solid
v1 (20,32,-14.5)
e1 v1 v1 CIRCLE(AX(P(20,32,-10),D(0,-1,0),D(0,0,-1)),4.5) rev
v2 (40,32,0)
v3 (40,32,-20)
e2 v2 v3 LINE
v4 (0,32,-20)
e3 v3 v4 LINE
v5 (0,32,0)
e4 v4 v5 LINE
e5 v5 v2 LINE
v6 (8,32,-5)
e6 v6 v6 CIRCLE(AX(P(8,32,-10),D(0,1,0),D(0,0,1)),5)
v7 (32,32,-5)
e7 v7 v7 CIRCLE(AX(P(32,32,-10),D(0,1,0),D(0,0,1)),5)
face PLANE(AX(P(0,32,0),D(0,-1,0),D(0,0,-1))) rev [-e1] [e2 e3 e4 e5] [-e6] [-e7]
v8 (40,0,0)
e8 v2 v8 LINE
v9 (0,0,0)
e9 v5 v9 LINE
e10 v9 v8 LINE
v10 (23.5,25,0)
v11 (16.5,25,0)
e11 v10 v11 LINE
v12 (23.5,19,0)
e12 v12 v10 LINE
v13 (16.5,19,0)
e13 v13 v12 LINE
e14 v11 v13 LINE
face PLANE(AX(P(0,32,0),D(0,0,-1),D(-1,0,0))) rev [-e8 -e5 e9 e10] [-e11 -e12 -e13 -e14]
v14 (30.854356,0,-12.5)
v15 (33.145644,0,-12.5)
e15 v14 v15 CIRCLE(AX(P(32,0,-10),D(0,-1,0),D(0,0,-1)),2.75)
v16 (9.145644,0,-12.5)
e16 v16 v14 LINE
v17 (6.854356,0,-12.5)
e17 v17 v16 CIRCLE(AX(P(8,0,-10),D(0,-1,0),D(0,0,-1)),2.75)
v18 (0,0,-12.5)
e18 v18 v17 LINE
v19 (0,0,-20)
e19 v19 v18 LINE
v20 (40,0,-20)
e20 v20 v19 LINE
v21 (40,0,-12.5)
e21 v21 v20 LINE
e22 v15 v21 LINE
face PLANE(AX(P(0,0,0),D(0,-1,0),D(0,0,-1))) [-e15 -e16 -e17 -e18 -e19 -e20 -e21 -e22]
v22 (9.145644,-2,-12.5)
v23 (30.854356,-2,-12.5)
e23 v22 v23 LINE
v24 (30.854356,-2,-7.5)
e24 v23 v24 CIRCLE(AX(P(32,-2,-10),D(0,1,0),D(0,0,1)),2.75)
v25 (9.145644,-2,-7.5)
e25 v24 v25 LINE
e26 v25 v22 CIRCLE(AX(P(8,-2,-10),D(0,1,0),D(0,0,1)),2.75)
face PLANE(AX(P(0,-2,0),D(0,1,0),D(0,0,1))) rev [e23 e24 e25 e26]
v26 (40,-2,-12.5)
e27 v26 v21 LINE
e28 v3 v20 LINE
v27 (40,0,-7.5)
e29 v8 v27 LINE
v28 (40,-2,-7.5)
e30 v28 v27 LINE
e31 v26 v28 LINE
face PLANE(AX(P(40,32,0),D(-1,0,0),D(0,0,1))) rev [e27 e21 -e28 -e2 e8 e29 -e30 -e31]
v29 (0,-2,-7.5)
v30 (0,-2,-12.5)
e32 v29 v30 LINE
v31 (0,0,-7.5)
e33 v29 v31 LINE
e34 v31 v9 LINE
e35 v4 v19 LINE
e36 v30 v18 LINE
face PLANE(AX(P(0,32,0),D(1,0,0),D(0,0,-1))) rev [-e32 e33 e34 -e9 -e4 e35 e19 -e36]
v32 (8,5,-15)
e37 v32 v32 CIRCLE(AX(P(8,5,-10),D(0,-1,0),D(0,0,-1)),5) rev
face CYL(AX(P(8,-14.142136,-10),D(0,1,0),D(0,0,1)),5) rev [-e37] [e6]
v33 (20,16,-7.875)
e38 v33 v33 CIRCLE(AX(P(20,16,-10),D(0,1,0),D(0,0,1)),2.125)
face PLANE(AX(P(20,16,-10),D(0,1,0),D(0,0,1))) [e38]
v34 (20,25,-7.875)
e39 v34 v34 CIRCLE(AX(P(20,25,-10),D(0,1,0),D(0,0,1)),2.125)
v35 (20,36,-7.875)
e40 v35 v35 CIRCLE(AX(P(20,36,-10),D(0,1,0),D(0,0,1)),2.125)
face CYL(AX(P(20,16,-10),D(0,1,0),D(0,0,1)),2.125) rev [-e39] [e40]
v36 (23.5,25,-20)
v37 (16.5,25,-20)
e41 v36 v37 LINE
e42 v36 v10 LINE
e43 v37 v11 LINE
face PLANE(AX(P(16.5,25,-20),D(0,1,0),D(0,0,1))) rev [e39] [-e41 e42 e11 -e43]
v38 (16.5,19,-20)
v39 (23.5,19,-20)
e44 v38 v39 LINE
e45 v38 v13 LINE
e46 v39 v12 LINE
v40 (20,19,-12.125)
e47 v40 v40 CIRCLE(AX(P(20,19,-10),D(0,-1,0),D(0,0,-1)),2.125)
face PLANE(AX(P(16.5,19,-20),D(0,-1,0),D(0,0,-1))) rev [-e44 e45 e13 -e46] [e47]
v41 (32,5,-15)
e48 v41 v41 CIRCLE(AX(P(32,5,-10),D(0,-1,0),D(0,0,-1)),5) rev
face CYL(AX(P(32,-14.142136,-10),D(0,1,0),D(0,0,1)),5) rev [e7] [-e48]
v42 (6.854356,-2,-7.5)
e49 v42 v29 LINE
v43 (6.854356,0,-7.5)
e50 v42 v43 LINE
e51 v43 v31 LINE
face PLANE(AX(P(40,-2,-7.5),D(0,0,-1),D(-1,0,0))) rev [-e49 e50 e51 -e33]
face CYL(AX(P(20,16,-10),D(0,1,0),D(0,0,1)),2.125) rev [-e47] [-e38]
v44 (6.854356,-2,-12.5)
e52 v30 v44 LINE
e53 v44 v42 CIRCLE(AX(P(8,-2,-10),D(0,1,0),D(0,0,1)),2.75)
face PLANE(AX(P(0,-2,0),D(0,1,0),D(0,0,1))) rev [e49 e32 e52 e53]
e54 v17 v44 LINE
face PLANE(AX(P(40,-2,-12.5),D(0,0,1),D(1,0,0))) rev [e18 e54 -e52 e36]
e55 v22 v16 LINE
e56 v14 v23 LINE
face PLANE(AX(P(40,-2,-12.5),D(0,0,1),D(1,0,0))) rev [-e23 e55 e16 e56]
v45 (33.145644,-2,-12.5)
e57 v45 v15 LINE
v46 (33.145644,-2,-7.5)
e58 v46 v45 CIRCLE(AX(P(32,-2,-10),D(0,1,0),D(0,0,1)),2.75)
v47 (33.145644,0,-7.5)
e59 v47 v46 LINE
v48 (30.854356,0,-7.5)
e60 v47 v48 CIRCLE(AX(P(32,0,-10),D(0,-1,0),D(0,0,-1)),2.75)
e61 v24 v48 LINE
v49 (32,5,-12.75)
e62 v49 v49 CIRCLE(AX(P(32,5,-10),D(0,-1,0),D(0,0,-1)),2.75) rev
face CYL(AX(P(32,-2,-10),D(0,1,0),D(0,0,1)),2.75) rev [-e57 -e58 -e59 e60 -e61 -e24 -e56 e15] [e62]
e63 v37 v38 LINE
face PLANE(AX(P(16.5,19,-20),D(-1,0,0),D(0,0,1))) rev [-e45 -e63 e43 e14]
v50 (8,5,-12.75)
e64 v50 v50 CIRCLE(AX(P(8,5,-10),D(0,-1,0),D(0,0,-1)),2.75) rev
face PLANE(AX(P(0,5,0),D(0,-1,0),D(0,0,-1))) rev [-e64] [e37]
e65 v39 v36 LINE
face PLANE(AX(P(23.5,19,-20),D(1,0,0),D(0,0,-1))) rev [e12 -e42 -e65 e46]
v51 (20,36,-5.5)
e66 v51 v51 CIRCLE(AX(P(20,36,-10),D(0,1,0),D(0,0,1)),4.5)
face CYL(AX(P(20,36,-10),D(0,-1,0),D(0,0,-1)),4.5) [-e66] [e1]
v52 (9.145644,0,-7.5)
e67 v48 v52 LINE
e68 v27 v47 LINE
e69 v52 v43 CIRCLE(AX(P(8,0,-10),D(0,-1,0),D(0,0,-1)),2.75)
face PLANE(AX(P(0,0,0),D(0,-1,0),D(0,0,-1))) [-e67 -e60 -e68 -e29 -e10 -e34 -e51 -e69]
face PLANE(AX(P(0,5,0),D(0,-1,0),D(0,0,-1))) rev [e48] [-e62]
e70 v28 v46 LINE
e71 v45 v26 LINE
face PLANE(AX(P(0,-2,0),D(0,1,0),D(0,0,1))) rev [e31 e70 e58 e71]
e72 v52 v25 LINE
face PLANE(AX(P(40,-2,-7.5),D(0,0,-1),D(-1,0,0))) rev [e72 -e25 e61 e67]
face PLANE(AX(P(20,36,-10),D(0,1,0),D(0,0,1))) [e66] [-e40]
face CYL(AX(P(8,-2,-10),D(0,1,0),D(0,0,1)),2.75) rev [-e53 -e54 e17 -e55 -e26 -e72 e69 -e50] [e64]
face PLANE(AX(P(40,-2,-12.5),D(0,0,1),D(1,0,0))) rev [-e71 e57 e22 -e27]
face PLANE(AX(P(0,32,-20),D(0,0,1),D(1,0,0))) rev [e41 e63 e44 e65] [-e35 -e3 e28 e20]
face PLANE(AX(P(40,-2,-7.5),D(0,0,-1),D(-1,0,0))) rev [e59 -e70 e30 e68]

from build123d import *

# Parameters (mm, degrees)
SKETCH1_W           = 40
SKETCH1_H           = 20
BOSS_EXTRUDE1_DEPTH = 32
SKETCH2_W           = 40
SKETCH2_H           = 5
BOSS_EXTRUDE2_DEPTH = 2
SKETCH3_R           = 2.75
CUT_EXTRUDE1_DEPTH  = 35
SKETCH4_R           = 5
CUT_EXTRUDE2_DEPTH  = 27
SKETCH5_W           = 7
SKETCH5_H           = 6
CUT_EXTRUDE3_DEPTH  = 21
SKETCH6_R           = 4.5
BOSS_EXTRUDE3_DEPTH = 4
SKETCH7_R           = 2.125
CUT_EXTRUDE4_DEPTH  = 20


with BuildPart() as part:
    # Sketch1 → Boss-Extrude1 (new body)
    with BuildSketch(Plane(origin=(0, 0, 0), x_dir=(1, 0, 0), z_dir=(0, 1, 0))):
        with Locations((20, 10)):
            Rectangle(SKETCH1_W, SKETCH1_H)
    extrude(amount=BOSS_EXTRUDE1_DEPTH)

    # Sketch2 → Boss-Extrude2 (add)
    with BuildSketch(Plane.XZ):
        with Locations((20, -10)):
            Rectangle(SKETCH2_W, SKETCH2_H)
    extrude(amount=BOSS_EXTRUDE2_DEPTH)

    # Sketch3 → Cut-Extrude1 (cut, through all)
    with BuildSketch(Plane(origin=(0, 32, 0), x_dir=(1, 0, 0), z_dir=(0, 1, 0))):
        with Locations((32, 10)):
            Circle(SKETCH3_R)
        with Locations((8, 10)):
            Circle(SKETCH3_R)
    extrude(amount=-CUT_EXTRUDE1_DEPTH, mode=Mode.SUBTRACT)

    # Sketch4 → Cut-Extrude2 (cut)
    with BuildSketch(Plane(origin=(0, 32, 0), x_dir=(1, 0, 0), z_dir=(0, 1, 0))):
        with Locations((8, 10)):
            Circle(SKETCH4_R)
        with Locations((32, 10)):
            Circle(SKETCH4_R)
    extrude(amount=-CUT_EXTRUDE2_DEPTH, mode=Mode.SUBTRACT)

    # Sketch5 → Cut-Extrude3 (cut, through all)
    with BuildSketch(Plane.XY):
        with Locations((20, 22)):
            Rectangle(SKETCH5_W, SKETCH5_H)
    extrude(amount=-CUT_EXTRUDE3_DEPTH, mode=Mode.SUBTRACT)

    # Sketch6 → Boss-Extrude3 (add)
    with BuildSketch(Plane(origin=(0, 32, 0), x_dir=(1, 0, 0), z_dir=(0, 1, 0))):
        with Locations((20, 10)):
            Circle(SKETCH6_R)
    extrude(amount=BOSS_EXTRUDE3_DEPTH)

    # Sketch7 → Cut-Extrude4 (cut)
    with BuildSketch(Plane(origin=(0, 36, 0), x_dir=(1, 0, 0), z_dir=(0, 1, 0))):
        with Locations((20, 10)):
            Circle(SKETCH7_R)
    extrude(amount=-CUT_EXTRUDE4_DEPTH, mode=Mode.SUBTRACT)


solid = part.part
